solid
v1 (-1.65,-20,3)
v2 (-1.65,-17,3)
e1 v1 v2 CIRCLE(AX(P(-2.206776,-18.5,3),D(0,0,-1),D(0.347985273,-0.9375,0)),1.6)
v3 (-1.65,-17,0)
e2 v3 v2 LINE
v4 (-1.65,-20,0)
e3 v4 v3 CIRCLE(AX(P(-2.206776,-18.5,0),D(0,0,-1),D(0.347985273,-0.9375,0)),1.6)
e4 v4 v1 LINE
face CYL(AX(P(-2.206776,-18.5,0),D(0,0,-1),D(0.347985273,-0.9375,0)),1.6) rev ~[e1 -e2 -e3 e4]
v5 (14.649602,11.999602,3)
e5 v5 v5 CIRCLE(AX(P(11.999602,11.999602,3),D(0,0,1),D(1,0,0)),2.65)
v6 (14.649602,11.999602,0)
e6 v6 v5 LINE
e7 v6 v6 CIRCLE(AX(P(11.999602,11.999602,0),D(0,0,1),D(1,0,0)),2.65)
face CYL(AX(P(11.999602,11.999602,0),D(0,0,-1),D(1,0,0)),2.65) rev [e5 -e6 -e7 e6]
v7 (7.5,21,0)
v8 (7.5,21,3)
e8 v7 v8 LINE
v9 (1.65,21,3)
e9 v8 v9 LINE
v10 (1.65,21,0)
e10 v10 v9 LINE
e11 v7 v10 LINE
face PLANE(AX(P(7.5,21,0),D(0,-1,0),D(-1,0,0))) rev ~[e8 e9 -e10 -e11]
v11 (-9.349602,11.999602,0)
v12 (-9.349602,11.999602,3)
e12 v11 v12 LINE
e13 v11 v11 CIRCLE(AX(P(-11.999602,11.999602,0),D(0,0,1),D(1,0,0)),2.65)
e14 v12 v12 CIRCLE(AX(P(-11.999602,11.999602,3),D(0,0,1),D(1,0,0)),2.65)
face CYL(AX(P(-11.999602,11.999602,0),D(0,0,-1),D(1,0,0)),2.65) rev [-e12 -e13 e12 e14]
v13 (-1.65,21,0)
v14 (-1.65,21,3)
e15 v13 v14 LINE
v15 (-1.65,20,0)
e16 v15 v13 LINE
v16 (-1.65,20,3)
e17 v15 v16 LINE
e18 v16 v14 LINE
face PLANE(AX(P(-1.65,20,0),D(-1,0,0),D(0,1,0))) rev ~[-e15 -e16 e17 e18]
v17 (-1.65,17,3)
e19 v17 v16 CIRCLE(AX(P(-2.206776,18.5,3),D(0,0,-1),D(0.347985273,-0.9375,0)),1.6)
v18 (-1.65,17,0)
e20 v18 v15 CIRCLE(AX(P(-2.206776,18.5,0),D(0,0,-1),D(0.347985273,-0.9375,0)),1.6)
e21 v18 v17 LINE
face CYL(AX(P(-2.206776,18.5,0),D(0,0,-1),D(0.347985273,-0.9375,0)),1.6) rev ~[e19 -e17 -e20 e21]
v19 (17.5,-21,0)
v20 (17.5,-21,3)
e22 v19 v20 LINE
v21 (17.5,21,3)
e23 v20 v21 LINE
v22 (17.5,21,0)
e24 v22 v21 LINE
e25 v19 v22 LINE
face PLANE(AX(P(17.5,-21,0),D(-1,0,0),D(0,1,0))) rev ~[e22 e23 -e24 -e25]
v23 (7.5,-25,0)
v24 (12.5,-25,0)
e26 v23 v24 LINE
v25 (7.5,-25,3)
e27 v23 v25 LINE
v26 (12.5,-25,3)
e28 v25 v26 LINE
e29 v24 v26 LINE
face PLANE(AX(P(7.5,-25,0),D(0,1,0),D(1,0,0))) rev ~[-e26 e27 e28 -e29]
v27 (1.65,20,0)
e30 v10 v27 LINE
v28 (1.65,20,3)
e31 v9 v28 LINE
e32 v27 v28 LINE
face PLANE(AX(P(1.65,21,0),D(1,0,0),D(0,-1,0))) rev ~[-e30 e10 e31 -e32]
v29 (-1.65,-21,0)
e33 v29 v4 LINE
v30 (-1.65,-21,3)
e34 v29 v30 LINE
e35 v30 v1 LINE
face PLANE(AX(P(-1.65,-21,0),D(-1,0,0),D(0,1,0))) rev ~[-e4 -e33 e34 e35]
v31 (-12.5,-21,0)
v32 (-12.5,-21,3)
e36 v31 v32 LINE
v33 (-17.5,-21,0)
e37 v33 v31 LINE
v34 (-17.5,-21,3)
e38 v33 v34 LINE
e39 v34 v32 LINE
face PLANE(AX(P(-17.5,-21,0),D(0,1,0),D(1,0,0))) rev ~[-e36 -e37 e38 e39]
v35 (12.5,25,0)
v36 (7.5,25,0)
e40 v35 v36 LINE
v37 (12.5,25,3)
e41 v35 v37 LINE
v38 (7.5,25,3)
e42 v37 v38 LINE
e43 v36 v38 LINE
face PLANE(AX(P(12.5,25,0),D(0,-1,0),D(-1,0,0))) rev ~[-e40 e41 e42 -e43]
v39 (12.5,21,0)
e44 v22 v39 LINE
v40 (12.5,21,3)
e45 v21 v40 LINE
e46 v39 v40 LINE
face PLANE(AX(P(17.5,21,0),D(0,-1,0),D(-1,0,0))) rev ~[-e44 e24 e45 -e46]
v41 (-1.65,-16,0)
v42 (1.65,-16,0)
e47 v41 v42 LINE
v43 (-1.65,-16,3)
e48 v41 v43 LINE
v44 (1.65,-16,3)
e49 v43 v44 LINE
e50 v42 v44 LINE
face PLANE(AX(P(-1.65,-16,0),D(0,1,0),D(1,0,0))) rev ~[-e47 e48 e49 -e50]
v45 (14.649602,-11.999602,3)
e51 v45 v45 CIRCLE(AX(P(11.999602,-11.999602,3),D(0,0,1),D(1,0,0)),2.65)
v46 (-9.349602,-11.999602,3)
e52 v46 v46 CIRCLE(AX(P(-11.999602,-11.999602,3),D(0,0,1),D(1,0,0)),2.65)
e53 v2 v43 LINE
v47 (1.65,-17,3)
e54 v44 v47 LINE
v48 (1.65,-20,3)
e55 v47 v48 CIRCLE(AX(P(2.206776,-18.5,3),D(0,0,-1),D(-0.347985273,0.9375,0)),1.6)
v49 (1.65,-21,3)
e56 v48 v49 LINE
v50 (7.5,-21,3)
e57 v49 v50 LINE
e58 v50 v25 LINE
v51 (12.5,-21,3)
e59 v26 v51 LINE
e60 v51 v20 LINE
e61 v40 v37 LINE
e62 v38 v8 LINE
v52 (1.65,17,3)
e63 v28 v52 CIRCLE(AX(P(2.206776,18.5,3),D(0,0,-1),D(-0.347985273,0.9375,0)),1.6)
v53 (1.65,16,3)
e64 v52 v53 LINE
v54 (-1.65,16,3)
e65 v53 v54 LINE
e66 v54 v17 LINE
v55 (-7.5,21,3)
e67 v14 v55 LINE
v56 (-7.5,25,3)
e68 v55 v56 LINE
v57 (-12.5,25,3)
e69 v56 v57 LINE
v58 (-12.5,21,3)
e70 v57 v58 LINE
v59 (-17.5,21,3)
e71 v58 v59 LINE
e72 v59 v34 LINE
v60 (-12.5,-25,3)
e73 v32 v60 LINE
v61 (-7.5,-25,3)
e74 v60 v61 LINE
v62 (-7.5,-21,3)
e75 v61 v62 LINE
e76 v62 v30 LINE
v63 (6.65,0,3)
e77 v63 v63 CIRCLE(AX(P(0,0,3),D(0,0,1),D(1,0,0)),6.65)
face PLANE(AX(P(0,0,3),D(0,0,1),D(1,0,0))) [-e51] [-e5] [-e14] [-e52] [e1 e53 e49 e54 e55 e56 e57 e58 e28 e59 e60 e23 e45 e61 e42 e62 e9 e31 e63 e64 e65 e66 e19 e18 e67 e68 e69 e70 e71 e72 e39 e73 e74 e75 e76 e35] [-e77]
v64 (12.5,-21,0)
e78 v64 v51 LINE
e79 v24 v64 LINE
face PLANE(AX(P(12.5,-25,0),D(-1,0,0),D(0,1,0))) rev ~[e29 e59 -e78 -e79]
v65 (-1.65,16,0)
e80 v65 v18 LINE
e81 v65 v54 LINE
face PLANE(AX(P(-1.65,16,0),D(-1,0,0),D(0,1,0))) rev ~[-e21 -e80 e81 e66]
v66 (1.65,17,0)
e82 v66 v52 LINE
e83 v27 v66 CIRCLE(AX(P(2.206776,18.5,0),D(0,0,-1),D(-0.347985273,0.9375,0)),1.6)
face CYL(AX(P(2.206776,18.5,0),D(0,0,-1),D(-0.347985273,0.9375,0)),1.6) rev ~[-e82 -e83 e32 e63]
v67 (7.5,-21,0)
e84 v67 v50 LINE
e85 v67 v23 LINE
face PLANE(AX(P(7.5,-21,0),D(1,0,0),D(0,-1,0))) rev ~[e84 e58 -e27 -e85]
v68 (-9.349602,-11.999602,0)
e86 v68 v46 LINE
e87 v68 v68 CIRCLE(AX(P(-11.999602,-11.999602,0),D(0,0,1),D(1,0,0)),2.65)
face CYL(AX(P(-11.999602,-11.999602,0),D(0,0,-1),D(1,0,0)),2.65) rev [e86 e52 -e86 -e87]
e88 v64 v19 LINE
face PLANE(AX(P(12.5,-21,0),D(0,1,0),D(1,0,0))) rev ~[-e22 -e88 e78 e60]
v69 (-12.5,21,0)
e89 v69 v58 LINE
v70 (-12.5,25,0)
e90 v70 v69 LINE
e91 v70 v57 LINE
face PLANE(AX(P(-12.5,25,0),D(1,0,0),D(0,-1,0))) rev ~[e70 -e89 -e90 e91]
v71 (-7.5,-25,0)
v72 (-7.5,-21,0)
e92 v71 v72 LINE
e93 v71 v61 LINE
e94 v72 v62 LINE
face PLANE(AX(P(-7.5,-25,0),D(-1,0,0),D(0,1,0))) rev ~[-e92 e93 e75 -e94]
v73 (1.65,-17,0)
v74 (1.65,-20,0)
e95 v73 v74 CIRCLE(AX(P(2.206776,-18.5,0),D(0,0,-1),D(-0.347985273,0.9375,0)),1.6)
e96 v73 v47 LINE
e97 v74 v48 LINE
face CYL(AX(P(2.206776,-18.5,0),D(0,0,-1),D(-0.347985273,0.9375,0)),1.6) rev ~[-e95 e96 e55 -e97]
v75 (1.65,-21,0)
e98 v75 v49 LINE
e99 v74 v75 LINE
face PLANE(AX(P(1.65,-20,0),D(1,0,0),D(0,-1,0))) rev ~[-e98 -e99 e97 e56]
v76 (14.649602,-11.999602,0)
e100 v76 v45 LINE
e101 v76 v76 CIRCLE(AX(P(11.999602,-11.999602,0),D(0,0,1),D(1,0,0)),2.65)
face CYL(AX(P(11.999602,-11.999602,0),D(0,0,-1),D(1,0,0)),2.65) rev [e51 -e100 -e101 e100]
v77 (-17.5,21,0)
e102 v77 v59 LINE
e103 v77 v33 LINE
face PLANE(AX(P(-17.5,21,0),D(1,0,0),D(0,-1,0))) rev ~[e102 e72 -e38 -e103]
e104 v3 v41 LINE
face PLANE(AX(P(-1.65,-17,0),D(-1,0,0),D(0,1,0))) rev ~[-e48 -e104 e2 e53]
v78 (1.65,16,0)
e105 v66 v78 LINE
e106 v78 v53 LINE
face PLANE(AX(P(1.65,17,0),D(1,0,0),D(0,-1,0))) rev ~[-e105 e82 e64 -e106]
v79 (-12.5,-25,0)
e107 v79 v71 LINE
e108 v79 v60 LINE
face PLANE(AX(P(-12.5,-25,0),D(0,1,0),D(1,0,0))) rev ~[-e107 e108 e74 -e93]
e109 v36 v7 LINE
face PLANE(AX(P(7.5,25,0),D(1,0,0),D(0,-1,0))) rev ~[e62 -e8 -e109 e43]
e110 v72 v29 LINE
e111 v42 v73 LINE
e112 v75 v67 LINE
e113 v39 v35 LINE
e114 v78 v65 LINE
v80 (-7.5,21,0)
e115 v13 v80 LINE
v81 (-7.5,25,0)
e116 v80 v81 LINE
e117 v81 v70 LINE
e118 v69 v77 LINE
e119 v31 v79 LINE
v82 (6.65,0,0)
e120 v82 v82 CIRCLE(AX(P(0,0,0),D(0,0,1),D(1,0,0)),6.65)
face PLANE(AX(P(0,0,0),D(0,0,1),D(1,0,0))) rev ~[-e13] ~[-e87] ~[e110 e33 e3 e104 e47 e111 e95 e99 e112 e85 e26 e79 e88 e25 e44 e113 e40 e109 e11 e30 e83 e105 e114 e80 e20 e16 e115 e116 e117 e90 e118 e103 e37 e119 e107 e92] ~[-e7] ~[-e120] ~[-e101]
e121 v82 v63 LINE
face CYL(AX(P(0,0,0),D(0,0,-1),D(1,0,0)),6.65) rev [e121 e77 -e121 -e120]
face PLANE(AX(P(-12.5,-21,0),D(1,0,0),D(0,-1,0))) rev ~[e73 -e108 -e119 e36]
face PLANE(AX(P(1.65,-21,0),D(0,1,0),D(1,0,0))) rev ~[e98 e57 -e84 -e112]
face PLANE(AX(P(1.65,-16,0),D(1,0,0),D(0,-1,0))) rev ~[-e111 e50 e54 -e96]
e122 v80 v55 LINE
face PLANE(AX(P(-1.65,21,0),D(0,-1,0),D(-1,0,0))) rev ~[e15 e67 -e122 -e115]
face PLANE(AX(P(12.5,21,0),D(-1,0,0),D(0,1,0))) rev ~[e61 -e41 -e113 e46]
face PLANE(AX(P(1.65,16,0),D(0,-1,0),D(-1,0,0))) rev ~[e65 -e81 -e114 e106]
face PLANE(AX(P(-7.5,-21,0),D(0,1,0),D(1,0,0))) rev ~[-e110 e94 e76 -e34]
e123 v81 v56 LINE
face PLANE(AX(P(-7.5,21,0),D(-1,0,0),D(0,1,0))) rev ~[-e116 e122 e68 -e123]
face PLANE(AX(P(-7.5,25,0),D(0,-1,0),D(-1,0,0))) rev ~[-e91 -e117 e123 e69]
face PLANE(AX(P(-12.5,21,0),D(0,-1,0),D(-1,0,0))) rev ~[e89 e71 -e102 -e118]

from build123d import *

# Parameters (mm, degrees)
SKETCH_1_R      = 6.65
SKETCH_1_R_2    = 2.65
EXTRUDE_1_DEPTH = 3


with BuildPart() as part:
    # 草图1 → 凸台-拉伸1 (new body)
    with BuildSketch(Plane.XY):
        with BuildLine():
            Line((17.5, -21), (17.5, 21))
            Line((17.5, 21), (12.5, 21))
            Line((12.5, 21), (12.5, 25))
            Line((12.5, 25), (7.5, 25))
            Line((7.5, 25), (7.5, 21))
            Line((7.5, 21), (1.65, 21))
            Line((1.65, 21), (1.65, 20))
            ThreePointArc((1.65, 20), (3.806776436, 18.5), (1.65, 17))
            Line((1.65, 17), (1.65, 16))
            Line((1.65, 16), (-1.65, 16))
            Line((-1.65, 16), (-1.65, 17))
            ThreePointArc((-1.65, 17), (-3.806776436, 18.5), (-1.65, 20))
            Line((-1.65, 20), (-1.65, 21))
            Line((-1.65, 21), (-7.5, 21))
            Line((-7.5, 21), (-7.5, 25))
            Line((-7.5, 25), (-12.5, 25))
            Line((-12.5, 25), (-12.5, 21))
            Line((-12.5, 21), (-17.5, 21))
            Line((-17.5, 21), (-17.5, -21))
            Line((-17.5, -21), (-12.5, -21))
            Line((-12.5, -21), (-12.5, -25))
            Line((-12.5, -25), (-7.5, -25))
            Line((-7.5, -25), (-7.5, -21))
            Line((-7.5, -21), (-1.65, -21))
            Line((-1.65, -21), (-1.65, -20))
            ThreePointArc((-1.65, -20), (-3.806776436, -18.5), (-1.65, -17))
            Line((-1.65, -17), (-1.65, -16))
            Line((-1.65, -16), (1.65, -16))
            Line((1.65, -16), (1.65, -17))
            ThreePointArc((1.65, -17), (3.806776436, -18.5), (1.65, -20))
            Line((1.65, -20), (1.65, -21))
            Line((1.65, -21), (7.5, -21))
            Line((7.5, -21), (7.5, -25))
            Line((7.5, -25), (12.5, -25))
            Line((12.5, -25), (12.5, -21))
            Line((12.5, -21), (17.5, -21))
        make_face()
        Circle(SKETCH_1_R, mode=Mode.SUBTRACT)
        with Locations((11.999602077, -11.999602077)):
            Circle(SKETCH_1_R_2, mode=Mode.SUBTRACT)
        with Locations((-11.999602077, -11.999602077)):
            Circle(SKETCH_1_R_2, mode=Mode.SUBTRACT)
        with Locations((-11.999602077, 11.999602077)):
            Circle(SKETCH_1_R_2, mode=Mode.SUBTRACT)
        with Locations((11.999602077, 11.999602077)):
            Circle(SKETCH_1_R_2, mode=Mode.SUBTRACT)
    extrude(amount=EXTRUDE_1_DEPTH)


solid = part.part
